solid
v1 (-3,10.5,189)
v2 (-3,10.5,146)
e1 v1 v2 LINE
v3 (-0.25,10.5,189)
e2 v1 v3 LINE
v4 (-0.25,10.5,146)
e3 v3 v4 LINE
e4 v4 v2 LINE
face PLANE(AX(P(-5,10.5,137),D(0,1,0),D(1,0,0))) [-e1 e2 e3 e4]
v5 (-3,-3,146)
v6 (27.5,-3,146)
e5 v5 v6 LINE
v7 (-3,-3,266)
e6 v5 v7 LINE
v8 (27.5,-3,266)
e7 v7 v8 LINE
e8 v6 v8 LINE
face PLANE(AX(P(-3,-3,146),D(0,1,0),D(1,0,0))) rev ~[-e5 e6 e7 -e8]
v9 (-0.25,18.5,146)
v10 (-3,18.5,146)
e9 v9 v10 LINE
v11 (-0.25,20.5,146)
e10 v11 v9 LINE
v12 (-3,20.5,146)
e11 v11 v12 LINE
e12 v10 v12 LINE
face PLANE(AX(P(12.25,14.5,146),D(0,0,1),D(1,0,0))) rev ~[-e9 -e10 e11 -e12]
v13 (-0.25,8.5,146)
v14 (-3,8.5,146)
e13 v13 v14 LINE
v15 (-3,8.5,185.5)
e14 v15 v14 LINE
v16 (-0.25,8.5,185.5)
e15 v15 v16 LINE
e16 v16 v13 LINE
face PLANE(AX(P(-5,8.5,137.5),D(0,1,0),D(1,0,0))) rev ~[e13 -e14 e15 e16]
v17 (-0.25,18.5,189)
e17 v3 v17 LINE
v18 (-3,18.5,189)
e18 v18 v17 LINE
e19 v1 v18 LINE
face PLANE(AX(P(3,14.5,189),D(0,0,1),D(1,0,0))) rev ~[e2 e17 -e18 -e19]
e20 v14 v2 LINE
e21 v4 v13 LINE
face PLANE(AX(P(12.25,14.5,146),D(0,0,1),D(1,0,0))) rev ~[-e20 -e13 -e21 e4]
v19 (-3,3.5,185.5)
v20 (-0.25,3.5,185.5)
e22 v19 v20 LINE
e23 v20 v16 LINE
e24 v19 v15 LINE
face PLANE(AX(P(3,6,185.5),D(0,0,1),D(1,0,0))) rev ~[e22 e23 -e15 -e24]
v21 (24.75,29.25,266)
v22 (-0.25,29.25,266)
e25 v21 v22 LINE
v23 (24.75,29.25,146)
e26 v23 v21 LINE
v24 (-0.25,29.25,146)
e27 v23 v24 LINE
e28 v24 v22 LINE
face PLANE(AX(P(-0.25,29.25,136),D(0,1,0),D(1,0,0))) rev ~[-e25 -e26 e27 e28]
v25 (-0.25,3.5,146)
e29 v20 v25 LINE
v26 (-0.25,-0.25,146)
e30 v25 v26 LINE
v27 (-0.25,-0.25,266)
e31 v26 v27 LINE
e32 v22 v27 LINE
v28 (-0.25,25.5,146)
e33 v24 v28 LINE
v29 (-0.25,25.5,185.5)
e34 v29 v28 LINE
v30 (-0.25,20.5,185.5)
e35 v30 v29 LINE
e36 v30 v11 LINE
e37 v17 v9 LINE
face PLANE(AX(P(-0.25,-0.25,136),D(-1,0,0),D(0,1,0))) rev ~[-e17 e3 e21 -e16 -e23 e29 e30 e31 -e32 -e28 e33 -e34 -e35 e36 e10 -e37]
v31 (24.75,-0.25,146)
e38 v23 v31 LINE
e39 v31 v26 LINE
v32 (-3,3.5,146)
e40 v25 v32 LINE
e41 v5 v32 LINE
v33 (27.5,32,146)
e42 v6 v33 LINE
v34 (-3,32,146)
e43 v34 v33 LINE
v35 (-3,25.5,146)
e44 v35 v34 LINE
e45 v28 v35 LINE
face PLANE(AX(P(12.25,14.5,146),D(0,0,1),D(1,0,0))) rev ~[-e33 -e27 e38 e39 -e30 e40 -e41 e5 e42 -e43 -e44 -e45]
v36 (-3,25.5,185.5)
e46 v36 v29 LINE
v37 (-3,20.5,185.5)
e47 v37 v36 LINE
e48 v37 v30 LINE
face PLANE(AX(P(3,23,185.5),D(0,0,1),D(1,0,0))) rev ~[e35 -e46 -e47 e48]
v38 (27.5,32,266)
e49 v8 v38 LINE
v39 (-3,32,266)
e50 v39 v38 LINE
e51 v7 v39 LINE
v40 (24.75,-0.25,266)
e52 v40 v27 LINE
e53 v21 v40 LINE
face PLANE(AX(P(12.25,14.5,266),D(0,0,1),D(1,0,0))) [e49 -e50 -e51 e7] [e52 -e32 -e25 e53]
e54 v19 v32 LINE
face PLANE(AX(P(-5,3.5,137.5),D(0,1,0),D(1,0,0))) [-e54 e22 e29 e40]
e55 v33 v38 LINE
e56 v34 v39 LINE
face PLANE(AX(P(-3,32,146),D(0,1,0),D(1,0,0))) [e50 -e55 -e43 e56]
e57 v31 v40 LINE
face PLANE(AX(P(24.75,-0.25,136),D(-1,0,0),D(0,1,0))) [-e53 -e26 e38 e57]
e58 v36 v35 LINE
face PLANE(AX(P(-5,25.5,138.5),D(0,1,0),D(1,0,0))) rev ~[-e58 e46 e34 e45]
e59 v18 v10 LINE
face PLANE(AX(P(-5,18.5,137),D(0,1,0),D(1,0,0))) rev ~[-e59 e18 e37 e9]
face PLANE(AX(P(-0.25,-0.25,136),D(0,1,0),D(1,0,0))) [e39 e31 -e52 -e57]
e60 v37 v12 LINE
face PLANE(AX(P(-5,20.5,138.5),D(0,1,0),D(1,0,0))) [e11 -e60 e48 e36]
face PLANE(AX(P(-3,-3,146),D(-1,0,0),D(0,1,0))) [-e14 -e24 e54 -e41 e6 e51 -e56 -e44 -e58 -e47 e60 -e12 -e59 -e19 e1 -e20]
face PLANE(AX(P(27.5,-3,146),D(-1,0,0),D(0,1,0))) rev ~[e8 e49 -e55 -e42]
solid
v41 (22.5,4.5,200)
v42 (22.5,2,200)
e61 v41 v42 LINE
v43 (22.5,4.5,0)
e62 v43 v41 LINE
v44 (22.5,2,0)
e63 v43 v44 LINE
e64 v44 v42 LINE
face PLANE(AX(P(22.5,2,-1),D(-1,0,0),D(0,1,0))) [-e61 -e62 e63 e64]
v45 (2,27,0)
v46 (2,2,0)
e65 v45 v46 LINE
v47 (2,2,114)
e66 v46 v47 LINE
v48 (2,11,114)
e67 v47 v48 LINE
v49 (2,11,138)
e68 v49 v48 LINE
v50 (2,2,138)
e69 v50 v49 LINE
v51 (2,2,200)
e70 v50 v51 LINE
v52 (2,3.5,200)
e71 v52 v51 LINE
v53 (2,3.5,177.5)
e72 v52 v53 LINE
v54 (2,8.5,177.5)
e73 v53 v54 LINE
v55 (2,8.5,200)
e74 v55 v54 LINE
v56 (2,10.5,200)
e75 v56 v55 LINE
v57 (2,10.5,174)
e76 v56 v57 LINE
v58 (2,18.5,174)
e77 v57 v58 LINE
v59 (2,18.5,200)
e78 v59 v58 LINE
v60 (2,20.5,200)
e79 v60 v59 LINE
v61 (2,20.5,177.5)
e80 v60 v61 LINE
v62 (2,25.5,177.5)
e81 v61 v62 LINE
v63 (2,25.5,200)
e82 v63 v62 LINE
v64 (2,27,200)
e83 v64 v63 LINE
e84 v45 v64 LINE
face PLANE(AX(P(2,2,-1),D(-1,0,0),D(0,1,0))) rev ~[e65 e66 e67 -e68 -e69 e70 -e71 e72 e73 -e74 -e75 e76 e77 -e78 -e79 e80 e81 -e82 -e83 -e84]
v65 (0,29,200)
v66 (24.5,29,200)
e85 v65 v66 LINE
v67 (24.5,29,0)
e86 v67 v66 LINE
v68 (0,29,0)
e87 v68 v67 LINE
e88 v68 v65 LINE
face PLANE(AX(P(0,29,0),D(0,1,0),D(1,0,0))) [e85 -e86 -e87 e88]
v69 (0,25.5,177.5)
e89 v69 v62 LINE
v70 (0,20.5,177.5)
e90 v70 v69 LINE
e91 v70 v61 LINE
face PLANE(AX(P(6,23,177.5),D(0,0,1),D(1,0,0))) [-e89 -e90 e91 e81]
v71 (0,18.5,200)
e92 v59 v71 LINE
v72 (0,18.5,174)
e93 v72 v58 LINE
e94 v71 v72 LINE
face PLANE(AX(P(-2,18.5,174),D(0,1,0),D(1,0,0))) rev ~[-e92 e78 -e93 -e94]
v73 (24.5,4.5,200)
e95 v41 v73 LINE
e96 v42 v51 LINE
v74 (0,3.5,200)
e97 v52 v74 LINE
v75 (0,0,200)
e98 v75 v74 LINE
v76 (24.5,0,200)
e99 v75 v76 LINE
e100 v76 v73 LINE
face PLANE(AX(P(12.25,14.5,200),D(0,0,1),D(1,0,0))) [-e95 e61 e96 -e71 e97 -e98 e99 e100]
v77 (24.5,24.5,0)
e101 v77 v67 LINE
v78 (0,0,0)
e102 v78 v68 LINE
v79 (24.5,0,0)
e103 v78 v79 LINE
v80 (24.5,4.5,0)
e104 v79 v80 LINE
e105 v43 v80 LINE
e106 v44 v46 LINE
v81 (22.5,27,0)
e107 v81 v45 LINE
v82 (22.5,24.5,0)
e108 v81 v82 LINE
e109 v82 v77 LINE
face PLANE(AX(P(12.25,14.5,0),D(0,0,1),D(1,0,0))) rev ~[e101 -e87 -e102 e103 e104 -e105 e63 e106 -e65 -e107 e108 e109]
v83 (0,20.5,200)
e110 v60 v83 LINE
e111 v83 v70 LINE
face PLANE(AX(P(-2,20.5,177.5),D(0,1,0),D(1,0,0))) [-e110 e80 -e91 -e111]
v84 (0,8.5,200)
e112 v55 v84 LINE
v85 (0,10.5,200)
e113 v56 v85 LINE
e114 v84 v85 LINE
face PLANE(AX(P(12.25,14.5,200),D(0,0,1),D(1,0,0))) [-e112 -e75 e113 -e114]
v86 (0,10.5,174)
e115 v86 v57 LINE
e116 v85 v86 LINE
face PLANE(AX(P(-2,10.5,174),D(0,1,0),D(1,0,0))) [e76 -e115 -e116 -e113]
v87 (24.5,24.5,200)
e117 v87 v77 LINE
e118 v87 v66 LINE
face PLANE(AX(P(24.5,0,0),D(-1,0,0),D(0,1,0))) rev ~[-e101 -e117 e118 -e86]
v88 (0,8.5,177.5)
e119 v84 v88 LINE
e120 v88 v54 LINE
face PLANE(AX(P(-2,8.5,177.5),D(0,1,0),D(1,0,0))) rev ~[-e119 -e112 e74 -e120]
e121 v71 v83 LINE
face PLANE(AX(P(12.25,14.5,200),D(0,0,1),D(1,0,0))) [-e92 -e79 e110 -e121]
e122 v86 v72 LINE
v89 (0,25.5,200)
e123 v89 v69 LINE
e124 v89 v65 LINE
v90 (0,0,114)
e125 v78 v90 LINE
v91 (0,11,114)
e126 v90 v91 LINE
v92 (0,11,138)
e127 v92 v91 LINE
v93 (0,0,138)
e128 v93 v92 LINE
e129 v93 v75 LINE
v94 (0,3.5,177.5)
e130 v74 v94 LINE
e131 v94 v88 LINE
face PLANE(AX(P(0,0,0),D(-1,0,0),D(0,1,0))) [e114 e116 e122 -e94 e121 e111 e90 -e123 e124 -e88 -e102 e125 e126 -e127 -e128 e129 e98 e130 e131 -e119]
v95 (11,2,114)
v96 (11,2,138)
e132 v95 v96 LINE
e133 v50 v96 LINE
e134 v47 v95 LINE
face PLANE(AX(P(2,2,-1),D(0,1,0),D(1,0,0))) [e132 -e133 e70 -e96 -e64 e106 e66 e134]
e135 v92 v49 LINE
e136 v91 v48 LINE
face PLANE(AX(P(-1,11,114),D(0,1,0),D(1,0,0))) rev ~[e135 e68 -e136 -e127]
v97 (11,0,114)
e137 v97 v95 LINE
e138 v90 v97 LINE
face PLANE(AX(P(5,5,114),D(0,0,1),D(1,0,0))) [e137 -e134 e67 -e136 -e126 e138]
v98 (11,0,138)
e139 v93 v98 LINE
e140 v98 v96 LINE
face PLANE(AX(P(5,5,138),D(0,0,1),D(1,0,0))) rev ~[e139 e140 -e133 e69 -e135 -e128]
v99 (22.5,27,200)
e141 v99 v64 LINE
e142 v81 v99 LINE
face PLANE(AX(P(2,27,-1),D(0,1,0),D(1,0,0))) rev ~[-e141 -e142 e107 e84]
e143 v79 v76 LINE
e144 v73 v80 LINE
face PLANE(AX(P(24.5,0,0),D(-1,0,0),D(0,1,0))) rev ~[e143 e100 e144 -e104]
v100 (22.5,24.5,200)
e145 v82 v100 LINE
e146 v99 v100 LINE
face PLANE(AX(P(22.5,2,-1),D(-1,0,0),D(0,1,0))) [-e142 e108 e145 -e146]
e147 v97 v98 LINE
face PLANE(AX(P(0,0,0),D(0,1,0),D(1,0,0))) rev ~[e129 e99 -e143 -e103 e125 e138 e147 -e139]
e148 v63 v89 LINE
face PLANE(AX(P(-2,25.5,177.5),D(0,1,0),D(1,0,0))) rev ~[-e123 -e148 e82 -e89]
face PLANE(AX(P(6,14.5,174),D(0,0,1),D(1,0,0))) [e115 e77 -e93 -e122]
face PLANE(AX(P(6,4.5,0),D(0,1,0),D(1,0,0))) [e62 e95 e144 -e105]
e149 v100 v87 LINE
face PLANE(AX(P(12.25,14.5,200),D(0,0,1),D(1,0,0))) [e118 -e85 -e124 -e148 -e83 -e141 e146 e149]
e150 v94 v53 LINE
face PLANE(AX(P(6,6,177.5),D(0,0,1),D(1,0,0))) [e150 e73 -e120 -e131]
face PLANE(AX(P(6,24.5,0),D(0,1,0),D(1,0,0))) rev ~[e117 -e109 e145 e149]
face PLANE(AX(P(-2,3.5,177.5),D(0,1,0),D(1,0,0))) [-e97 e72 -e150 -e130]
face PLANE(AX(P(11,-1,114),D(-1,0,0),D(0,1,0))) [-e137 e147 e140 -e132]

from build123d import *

# Parameters (mm, degrees)
BOX006_W     = 16
BOX006_H     = 5
BOX006_DEPTH = 34
BOX005_W     = 16
BOX005_H     = 5
BOX005_DEPTH = 34
BOX004_W     = 16
BOX004_H     = 8
BOX004_DEPTH = 34
BOX003_W     = 12
BOX003_H     = 12
BOX003_DEPTH = 24
BOX001_W     = 20.5
BOX001_H     = 25
BOX001_DEPTH = 202
BOX002_W     = 24.5
BOX002_H     = 20
BOX002_DEPTH = 200
BOX_W        = 24.5
BOX_H        = 29
BOX_DEPTH    = 200
BOX014_W     = 16
BOX014_H     = 5
BOX014_DEPTH = 48
BOX013_W     = 16
BOX013_H     = 5
BOX013_DEPTH = 47
BOX012_W     = 16
BOX012_H     = 8
BOX012_DEPTH = 52
BOX008_W     = 25
BOX008_H     = 29.5
BOX008_DEPTH = 200
BOX007_W     = 30.5
BOX007_H     = 35
BOX007_DEPTH = 120


with BuildPart() as cube006:
    # Box006 → Box006 (new body)
    with BuildSketch(Plane(origin=(-2, 20.5, 177.5), x_dir=(1, 0, 0), z_dir=(0, 0, 1))):
        with Locations((8, 2.5)):
            Rectangle(BOX006_W, BOX006_H)
    extrude(amount=BOX006_DEPTH)


with BuildPart() as cube005:
    # Box005 → Box005 (new body)
    with BuildSketch(Plane(origin=(-2, 3.5, 177.5), x_dir=(1, 0, 0), z_dir=(0, 0, 1))):
        with Locations((8, 2.5)):
            Rectangle(BOX005_W, BOX005_H)
    extrude(amount=BOX005_DEPTH)


with BuildPart() as slots:
    # Box004 → Box004 (new body)
    with BuildSketch(Plane(origin=(-2, 10.5, 174), x_dir=(1, 0, 0), z_dir=(0, 0, 1))):
        with Locations((8, 4)):
            Rectangle(BOX004_W, BOX004_H)
    extrude(amount=BOX004_DEPTH)

    # Fusion001: union Cube006, Cube005
    add(cube006.part)
    add(cube005.part)


with BuildPart() as cube003:
    # Box003 → Box003 (new body)
    with BuildSketch(Plane(origin=(-1, -1, 114), x_dir=(1, 0, 0), z_dir=(0, 0, 1))):
        with Locations((6, 6)):
            Rectangle(BOX003_W, BOX003_H)
    extrude(amount=BOX003_DEPTH)


with BuildPart() as cube001:
    # Box001 → Box001 (new body)
    with BuildSketch(Plane(origin=(2, 2, -1), x_dir=(1, 0, 0), z_dir=(0, 0, 1))):
        with Locations((10.25, 12.5)):
            Rectangle(BOX001_W, BOX001_H)
    extrude(amount=BOX001_DEPTH)


with BuildPart() as fusion:
    # Box002 → Box002 (new body)
    with BuildSketch(Plane(origin=(6, 4.5, 0), x_dir=(1, 0, 0), z_dir=(0, 0, 1))):
        with Locations((12.25, 10)):
            Rectangle(BOX002_W, BOX002_H)
    extrude(amount=BOX002_DEPTH)

    # Fusion: union Cube001
    add(cube001.part)


with BuildPart() as cut002:
    # Box → Box (new body)
    with BuildSketch(Plane.XY):
        with Locations((12.25, 14.5)):
            Rectangle(BOX_W, BOX_H)
    extrude(amount=BOX_DEPTH)

    # Cut: cut Fusion
    add(fusion.part, mode=Mode.SUBTRACT)

    # Cut001: cut Cube003
    add(cube003.part, mode=Mode.SUBTRACT)

    # Cut002: cut slots
    add(slots.part, mode=Mode.SUBTRACT)


with BuildPart() as cube014:
    # Box014 → Box014 (new body)
    with BuildSketch(Plane(origin=(-5, 3.5, 137.5), x_dir=(1, 0, 0), z_dir=(0, 0, 1))):
        with Locations((8, 2.5)):
            Rectangle(BOX014_W, BOX014_H)
    extrude(amount=BOX014_DEPTH)


with BuildPart() as cube013:
    # Box013 → Box013 (new body)
    with BuildSketch(Plane(origin=(-5, 20.5, 138.5), x_dir=(1, 0, 0), z_dir=(0, 0, 1))):
        with Locations((8, 2.5)):
            Rectangle(BOX013_W, BOX013_H)
    extrude(amount=BOX013_DEPTH)


with BuildPart() as bigslots:
    # Box012 → Box012 (new body)
    with BuildSketch(Plane(origin=(-5, 10.5, 137), x_dir=(1, 0, 0), z_dir=(0, 0, 1))):
        with Locations((8, 4)):
            Rectangle(BOX012_W, BOX012_H)
    extrude(amount=BOX012_DEPTH)

    # Fusion002: union Cube014, Cube013
    add(cube014.part)
    add(cube013.part)


with BuildPart() as cube008:
    # Box008 → Box008 (new body)
    with BuildSketch(Plane(origin=(-0.25, -0.25, 190), x_dir=(1, 0, 0), z_dir=(0, 0, 1))):
        with Locations((12.5, 14.75)):
            Rectangle(BOX008_W, BOX008_H)
    extrude(amount=BOX008_DEPTH)


with BuildPart() as cut004:
    # Box007 → Box007 (new body)
    with BuildSketch(Plane(origin=(-3, -3, 200), x_dir=(1, 0, 0), z_dir=(0, 0, 1))):
        with Locations((15.25, 17.5)):
            Rectangle(BOX007_W, BOX007_H)
    extrude(amount=BOX007_DEPTH)

    # Cut003: cut Cube008
    add(cube008.part, mode=Mode.SUBTRACT)


with BuildPart() as cut004_1:
    # Cut003 placement: moved
    add(cut004.part.moved(Location((0, 0, -54))))

    # Cut004: cut bigslots
    add(bigslots.part, mode=Mode.SUBTRACT)


solid = Compound([cut002.part, cut004_1.part])
